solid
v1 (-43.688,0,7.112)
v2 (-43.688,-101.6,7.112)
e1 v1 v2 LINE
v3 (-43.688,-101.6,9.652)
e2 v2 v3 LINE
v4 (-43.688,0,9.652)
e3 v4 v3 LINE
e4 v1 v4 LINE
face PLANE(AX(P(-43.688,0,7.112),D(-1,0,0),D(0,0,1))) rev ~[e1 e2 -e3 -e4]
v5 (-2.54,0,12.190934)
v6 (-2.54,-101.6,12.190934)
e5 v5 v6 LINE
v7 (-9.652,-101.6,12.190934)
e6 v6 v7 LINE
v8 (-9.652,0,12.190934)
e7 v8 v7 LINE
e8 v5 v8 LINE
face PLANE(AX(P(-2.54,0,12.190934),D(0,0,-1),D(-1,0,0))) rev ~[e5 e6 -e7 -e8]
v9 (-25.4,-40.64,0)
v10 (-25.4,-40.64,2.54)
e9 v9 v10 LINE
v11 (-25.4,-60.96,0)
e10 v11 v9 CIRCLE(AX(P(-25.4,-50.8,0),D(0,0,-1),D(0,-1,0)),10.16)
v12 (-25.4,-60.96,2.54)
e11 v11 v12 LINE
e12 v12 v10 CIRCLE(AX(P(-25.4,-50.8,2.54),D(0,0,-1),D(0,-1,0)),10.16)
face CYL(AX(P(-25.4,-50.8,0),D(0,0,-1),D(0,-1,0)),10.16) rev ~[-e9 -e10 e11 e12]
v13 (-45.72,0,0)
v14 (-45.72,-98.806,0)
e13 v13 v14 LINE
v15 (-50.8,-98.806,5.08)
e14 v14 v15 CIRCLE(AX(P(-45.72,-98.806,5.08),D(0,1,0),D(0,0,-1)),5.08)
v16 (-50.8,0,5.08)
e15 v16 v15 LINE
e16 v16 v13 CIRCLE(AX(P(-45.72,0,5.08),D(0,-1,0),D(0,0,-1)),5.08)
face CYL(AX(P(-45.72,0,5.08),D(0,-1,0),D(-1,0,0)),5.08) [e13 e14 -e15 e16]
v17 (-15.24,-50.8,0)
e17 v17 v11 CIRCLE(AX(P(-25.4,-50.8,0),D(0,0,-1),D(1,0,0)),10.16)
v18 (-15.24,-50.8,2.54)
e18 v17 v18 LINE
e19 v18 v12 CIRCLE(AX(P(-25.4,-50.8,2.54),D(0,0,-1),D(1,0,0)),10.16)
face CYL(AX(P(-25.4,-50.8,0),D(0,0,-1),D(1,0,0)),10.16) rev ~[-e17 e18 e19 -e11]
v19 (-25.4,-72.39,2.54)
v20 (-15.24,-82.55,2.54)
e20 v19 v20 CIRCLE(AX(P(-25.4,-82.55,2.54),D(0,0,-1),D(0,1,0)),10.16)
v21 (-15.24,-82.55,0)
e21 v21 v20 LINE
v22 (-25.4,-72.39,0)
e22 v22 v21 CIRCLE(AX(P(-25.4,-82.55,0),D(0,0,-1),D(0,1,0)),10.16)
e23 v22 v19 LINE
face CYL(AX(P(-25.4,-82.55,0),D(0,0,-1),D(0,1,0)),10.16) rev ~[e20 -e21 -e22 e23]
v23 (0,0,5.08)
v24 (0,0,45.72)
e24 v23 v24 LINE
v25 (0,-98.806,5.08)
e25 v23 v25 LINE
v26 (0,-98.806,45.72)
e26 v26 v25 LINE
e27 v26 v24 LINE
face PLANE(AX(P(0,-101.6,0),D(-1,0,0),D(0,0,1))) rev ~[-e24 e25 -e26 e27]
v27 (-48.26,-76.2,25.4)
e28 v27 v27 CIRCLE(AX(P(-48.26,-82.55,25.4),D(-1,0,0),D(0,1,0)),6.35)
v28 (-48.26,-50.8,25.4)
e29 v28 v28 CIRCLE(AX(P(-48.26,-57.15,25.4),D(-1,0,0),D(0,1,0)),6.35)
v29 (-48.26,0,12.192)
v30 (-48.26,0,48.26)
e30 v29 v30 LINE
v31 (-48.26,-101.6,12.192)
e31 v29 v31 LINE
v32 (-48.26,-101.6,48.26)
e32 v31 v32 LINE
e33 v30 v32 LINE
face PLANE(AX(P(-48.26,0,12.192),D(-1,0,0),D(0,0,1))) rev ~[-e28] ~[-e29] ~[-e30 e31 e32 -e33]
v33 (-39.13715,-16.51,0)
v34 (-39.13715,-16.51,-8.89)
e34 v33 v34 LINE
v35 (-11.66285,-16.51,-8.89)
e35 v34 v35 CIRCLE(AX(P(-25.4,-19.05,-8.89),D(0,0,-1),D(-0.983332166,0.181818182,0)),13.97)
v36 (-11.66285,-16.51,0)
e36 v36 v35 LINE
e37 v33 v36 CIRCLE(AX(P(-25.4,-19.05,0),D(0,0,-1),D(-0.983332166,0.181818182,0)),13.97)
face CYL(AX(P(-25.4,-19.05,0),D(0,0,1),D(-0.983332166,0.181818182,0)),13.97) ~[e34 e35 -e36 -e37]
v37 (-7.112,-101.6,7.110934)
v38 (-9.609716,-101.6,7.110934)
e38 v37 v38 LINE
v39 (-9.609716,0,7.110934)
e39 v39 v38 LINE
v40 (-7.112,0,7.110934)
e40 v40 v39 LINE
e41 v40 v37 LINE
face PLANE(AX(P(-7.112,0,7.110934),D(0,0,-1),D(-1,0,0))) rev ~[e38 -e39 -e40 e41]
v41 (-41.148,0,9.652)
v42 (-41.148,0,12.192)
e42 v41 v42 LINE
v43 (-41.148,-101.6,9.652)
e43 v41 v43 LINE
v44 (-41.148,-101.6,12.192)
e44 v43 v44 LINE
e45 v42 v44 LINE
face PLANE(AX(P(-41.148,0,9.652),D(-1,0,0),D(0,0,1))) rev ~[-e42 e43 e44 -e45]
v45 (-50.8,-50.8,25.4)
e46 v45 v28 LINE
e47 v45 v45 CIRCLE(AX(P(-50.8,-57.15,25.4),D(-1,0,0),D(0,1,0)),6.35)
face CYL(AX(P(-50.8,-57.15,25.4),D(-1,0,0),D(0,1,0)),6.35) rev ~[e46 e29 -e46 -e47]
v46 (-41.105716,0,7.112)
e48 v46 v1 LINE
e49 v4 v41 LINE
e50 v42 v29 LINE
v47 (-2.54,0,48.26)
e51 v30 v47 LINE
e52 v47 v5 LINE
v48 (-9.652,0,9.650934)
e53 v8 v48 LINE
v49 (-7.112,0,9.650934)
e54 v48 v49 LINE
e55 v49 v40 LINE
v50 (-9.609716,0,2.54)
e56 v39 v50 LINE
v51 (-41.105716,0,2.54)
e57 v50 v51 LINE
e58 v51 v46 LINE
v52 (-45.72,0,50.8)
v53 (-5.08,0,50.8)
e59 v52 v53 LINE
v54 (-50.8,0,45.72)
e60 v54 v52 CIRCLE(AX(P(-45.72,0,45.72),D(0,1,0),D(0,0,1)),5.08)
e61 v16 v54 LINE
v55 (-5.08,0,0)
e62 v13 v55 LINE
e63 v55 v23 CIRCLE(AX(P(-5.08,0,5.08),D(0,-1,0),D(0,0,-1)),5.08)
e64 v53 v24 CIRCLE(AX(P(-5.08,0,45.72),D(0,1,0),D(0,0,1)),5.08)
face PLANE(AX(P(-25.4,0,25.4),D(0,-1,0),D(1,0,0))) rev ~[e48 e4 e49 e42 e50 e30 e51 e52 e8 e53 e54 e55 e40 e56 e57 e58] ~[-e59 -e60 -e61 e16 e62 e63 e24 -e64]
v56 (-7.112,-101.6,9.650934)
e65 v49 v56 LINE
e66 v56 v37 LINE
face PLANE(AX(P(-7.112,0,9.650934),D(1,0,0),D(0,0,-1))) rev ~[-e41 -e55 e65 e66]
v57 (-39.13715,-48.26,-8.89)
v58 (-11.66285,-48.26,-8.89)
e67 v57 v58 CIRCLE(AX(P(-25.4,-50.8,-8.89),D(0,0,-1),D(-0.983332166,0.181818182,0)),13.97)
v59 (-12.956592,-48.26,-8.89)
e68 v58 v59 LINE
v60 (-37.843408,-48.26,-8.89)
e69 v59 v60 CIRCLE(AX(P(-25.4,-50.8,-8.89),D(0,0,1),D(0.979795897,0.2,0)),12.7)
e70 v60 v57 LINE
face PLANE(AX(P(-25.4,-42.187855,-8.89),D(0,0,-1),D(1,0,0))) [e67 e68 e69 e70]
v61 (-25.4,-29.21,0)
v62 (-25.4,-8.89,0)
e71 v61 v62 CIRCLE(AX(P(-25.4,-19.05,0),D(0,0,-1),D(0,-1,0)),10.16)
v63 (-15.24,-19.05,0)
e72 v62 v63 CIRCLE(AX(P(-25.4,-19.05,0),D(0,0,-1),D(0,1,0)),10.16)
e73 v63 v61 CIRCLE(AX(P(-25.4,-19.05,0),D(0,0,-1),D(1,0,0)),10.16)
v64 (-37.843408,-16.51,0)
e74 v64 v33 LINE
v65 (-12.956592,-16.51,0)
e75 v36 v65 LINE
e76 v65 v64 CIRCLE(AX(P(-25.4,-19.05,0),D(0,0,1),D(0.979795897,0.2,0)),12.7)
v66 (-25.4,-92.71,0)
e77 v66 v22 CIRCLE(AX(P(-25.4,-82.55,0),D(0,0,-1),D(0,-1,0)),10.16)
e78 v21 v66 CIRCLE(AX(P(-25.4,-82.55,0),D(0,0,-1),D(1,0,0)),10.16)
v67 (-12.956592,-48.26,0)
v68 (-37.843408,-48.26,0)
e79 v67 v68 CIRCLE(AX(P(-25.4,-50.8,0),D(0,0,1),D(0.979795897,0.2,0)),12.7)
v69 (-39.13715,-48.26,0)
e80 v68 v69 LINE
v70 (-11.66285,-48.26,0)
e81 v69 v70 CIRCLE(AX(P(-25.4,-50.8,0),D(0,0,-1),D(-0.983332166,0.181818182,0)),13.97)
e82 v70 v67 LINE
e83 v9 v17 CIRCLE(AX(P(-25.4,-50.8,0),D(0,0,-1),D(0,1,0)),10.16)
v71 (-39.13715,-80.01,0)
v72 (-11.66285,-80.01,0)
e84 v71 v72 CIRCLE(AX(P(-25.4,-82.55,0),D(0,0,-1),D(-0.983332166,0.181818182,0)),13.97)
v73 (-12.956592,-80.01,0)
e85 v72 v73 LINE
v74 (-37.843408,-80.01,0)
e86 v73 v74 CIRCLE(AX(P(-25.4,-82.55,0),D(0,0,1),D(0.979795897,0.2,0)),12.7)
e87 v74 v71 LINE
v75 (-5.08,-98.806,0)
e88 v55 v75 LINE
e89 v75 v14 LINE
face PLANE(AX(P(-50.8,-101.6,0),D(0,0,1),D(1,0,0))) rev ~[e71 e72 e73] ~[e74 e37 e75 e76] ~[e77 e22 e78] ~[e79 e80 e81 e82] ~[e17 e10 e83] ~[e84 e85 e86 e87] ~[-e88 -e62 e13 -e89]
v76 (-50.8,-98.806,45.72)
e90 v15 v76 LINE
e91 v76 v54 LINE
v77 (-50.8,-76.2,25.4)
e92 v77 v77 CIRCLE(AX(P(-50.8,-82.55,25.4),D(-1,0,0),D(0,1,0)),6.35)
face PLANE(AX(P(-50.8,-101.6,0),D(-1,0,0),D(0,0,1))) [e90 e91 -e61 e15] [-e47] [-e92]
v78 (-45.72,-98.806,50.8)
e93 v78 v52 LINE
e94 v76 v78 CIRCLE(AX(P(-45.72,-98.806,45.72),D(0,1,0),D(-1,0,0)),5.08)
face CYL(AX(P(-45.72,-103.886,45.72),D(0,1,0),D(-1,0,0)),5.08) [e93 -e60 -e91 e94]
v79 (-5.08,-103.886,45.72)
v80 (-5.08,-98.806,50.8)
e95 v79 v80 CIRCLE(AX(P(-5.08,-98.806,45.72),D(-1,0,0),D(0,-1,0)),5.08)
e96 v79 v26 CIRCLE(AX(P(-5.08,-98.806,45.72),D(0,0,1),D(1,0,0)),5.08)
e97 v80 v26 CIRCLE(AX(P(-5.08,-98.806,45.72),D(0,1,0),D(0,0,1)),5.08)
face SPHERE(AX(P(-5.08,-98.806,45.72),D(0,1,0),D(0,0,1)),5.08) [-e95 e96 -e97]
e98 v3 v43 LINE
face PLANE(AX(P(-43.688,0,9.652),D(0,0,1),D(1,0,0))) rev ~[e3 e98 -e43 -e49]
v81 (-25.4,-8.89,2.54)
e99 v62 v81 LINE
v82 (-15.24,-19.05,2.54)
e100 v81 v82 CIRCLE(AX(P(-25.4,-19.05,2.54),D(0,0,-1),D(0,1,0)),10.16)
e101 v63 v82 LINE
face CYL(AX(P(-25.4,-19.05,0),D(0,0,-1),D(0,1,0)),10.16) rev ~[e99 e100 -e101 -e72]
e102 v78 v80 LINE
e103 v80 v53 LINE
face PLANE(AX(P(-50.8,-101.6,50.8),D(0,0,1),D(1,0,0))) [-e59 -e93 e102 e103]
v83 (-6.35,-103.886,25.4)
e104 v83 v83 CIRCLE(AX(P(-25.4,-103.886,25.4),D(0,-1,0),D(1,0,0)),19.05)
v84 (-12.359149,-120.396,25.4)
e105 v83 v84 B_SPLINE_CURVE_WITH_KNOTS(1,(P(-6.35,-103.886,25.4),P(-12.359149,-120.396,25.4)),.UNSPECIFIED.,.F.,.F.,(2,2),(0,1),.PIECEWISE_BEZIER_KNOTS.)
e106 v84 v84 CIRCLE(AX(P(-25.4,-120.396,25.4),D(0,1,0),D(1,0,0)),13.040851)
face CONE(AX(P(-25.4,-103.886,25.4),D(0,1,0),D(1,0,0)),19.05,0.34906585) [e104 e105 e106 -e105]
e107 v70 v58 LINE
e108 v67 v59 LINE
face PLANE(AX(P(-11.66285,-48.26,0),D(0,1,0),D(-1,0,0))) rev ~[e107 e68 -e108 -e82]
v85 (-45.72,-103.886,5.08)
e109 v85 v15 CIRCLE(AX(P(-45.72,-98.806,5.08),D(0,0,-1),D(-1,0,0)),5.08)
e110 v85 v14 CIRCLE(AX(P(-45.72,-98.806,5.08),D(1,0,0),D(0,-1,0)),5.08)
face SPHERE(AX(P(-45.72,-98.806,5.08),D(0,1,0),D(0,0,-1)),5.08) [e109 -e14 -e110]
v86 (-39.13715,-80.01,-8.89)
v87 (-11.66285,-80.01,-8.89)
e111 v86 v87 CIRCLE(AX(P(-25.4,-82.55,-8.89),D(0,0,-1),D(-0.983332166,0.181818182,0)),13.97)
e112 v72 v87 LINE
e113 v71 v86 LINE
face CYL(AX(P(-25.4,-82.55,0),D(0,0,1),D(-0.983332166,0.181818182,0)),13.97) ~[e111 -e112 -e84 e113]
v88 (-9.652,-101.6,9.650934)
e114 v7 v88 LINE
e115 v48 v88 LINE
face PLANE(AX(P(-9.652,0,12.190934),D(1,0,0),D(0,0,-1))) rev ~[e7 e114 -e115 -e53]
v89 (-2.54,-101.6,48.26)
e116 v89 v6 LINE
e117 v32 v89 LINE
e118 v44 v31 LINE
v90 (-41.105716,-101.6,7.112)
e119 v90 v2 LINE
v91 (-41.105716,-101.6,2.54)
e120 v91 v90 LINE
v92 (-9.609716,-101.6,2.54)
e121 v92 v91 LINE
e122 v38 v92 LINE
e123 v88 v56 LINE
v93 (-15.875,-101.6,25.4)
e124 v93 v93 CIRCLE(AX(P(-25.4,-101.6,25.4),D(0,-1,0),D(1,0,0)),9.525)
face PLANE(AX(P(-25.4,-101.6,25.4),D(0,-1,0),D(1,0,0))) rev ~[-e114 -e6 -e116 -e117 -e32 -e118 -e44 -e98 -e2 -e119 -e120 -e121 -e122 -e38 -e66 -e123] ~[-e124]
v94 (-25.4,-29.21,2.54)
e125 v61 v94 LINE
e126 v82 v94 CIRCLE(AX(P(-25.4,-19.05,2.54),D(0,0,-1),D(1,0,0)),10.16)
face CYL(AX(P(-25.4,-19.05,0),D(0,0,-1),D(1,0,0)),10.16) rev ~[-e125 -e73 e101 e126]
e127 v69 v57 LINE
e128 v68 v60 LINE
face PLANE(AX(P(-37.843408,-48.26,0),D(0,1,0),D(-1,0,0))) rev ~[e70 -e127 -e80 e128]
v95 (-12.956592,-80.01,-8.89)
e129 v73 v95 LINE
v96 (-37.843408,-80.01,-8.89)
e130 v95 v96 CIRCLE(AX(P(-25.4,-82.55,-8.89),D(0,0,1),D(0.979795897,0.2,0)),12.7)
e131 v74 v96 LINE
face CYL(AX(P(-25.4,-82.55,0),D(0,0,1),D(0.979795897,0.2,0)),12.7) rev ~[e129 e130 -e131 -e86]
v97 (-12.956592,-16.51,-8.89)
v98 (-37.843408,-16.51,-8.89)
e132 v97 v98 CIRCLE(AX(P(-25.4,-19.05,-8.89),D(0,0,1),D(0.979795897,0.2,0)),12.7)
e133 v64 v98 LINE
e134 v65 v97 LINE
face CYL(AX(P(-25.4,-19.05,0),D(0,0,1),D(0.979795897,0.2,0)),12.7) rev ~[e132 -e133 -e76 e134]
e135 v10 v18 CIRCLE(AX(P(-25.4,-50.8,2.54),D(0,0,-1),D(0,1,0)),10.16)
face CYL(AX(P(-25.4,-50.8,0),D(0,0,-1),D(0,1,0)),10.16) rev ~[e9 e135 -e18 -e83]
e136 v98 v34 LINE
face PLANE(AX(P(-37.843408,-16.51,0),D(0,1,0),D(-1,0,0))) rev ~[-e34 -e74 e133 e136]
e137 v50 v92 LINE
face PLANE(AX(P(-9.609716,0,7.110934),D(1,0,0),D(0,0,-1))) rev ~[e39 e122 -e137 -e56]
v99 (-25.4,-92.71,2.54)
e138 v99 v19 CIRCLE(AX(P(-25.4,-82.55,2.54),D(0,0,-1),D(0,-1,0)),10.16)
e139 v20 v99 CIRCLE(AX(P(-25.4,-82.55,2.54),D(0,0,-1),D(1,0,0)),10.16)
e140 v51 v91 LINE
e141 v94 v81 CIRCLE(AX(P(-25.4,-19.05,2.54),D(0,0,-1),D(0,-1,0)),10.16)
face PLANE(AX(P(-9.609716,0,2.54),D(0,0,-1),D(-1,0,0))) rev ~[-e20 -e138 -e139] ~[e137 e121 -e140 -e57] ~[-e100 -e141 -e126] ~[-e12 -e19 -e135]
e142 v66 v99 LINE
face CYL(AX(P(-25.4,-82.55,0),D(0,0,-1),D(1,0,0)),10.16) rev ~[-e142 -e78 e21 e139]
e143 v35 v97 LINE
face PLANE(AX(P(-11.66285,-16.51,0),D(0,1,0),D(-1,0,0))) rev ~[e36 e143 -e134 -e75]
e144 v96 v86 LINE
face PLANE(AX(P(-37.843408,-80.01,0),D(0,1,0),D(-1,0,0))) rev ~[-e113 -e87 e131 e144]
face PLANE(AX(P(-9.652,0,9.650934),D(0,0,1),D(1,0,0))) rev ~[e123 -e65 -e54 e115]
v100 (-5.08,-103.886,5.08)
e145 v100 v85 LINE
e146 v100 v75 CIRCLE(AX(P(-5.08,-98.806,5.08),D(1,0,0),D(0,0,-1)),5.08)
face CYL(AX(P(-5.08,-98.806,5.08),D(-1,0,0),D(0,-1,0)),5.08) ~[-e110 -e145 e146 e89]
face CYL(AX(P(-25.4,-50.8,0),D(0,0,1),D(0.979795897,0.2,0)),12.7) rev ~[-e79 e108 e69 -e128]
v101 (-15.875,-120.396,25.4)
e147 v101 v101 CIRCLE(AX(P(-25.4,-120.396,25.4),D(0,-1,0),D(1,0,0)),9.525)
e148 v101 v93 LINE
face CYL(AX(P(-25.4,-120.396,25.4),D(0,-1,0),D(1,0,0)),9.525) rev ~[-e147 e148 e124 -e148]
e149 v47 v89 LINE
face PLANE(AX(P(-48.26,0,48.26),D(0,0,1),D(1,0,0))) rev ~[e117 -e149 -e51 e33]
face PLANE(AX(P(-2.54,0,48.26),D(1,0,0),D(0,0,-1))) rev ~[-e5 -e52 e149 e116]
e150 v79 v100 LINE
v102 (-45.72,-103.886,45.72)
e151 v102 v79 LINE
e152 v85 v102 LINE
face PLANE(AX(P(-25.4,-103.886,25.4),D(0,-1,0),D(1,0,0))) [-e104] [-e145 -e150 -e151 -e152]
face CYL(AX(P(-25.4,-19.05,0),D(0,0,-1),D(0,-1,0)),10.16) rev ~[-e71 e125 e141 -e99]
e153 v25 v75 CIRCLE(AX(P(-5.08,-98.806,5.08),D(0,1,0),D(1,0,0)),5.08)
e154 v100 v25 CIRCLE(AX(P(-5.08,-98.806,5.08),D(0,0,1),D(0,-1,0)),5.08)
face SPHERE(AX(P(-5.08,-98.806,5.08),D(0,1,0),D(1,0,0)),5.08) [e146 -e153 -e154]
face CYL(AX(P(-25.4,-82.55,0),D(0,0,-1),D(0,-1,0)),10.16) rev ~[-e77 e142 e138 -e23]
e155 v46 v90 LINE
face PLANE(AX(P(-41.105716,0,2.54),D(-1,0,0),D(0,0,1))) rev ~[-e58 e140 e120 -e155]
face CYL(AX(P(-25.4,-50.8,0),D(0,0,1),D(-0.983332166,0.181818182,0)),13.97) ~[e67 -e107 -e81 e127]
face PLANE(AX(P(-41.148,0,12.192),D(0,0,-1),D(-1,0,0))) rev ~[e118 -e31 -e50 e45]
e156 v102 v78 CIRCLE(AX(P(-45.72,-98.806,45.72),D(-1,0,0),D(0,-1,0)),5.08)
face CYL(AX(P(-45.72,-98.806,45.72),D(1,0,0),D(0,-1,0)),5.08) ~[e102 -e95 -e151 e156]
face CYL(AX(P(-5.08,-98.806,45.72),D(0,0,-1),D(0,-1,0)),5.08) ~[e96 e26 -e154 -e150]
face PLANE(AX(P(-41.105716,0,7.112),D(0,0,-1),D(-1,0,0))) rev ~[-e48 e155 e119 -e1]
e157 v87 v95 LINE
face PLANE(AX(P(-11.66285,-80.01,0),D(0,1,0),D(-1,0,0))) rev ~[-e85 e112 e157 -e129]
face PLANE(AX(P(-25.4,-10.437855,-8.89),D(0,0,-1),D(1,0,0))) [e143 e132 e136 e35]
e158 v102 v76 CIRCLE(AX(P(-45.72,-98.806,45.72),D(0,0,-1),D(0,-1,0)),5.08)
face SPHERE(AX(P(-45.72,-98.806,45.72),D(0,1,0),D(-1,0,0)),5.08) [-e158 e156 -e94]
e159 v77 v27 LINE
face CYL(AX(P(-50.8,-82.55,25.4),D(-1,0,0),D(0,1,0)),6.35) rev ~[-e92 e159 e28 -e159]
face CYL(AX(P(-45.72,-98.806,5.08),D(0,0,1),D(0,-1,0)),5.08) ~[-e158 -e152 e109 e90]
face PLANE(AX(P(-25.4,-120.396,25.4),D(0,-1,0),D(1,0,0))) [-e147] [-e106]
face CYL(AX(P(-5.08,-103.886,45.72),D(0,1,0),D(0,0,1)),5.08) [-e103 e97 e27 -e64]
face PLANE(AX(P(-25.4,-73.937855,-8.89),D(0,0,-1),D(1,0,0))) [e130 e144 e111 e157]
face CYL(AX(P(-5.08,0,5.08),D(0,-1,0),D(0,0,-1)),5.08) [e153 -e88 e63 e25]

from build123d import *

# Parameters (mm, degrees)
F0_W      = 50.8
F0_H      = 50.8
F1_DEPTH  = 101.6
F3_DEPTH  = 12.7
F5_DEPTH  = 25.4
F7_DEPTH  = 8.89
F8_W      = 50.8
F8_H      = 50.8
F9_DEPTH  = 2.286
F10_R     = 19.05
F11_DEPTH = 16.51
F11_TAPER = 20
F12_R     = 9.525
F13_DEPTH = 25.4
F14_R     = 5.08
F15_R     = 5.08


with BuildPart() as f1:
    # F0 (on Front) → F1 (new body)
    with BuildSketch(Plane.XZ):
        with Locations((-25.4, 25.4)):
            Rectangle(F0_W, F0_H)
        Polygon((-48.26, 12.192), (-48.26, 48.26), (-2.54, 48.26), (-2.54, 12.1909337732), (-9.652, 12.1909337732), (-9.652, 9.6509337732), (-7.112, 9.6509337732), (-7.112, 7.1109337732), (-9.6097155579, 7.1109337732), (-9.6097155579, 2.54), (-41.1057155579, 2.54), (-41.1057155579, 7.112), (-43.688, 7.112), (-43.688, 9.652), (-41.148, 9.652), (-41.148, 12.192), align=None, mode=Mode.SUBTRACT)
    extrude(amount=F1_DEPTH)

    # F2 (on face) → F3 (cut)
    with BuildSketch(Plane(origin=(-50.8, 0, 0), x_dir=(0, -1, 0), z_dir=(-1, 0, 0))):
        with BuildLine():
            ThreePointArc((63.5, 25.4), (57.15, 31.75), (50.8, 25.4))
            Line((50.8, 25.4), (63.5, 25.4))
        make_face()
        with BuildLine():
            ThreePointArc((88.9, 25.4), (82.55, 31.75), (76.2, 25.4))
            Line((76.2, 25.4), (88.9, 25.4))
        make_face()
        with BuildLine():
            Line((88.9, 25.4), (76.2, 25.4))
            ThreePointArc((76.2, 25.4), (82.55, 19.05), (88.9, 25.4))
        make_face()
        with BuildLine():
            Line((63.5, 25.4), (50.8, 25.4))
            ThreePointArc((50.8, 25.4), (57.15, 19.05), (63.5, 25.4))
        make_face()
    extrude(amount=-F3_DEPTH, mode=Mode.SUBTRACT)

    # F4 (on face) → F5 (cut)
    with BuildSketch(Plane(origin=(0, 0, 0), x_dir=(1, 0, 0), z_dir=(0, 0, -1))):
        with BuildLine():
            ThreePointArc((-25.4, 29.21), (-35.56, 19.05), (-25.4, 8.89))
            Line((-25.4, 8.89), (-25.4, 29.21))
        make_face()
        with BuildLine():
            ThreePointArc((-25.4, 92.71), (-35.56, 82.55), (-25.4, 72.39))
            Line((-25.4, 72.39), (-25.4, 92.71))
        make_face()
        with BuildLine():
            Line((-25.4, 92.71), (-25.4, 72.39))
            ThreePointArc((-25.4, 72.39), (-18.2157951031, 75.3657951031), (-15.24, 82.55))
            ThreePointArc((-15.24, 82.55), (-18.2157951031, 89.7342048969), (-25.4, 92.71))
        make_face()
        with BuildLine():
            ThreePointArc((-25.4, 60.96), (-35.56, 50.8), (-25.4, 40.64))
            Line((-25.4, 40.64), (-25.4, 60.96))
        make_face()
        with BuildLine():
            Line((-25.4, 60.96), (-25.4, 40.64))
            ThreePointArc((-25.4, 40.64), (-18.2157951031, 43.6157951031), (-15.24, 50.8))
            ThreePointArc((-15.24, 50.8), (-18.2157951031, 57.9842048969), (-25.4, 60.96))
        make_face()
        with BuildLine():
            Line((-25.4, 29.21), (-25.4, 8.89))
            ThreePointArc((-25.4, 8.89), (-18.2157951031, 11.8657951031), (-15.24, 19.05))
            ThreePointArc((-15.24, 19.05), (-18.2157951031, 26.2342048969), (-25.4, 29.21))
        make_face()
    extrude(amount=-F5_DEPTH, mode=Mode.SUBTRACT)

    # F6 (on face) → F7 (join)
    with BuildSketch(Plane(origin=(0, 0, 0), x_dir=(1, 0, 0), z_dir=(0, 0, -1))):
        with BuildLine():
            ThreePointArc((-12.9565921067, 16.51), (-25.4, 6.35), (-37.8434078933, 16.51))
            Line((-37.8434078933, 16.51), (-39.1371503595, 16.51))
            ThreePointArc((-39.1371503595, 16.51), (-25.4, 5.08), (-11.6628496405, 16.51))
            Line((-11.6628496405, 16.51), (-12.9565921067, 16.51))
        make_face()
        with BuildLine():
            ThreePointArc((-12.9565921067, 48.26), (-25.4, 38.1), (-37.8434078933, 48.26))
            Line((-37.8434078933, 48.26), (-39.1371503595, 48.26))
            ThreePointArc((-39.1371503595, 48.26), (-25.4, 36.83), (-11.6628496405, 48.26))
            Line((-11.6628496405, 48.26), (-12.9565921067, 48.26))
        make_face()
        with BuildLine():
            ThreePointArc((-12.9565921067, 80.01), (-25.4, 69.85), (-37.8434078933, 80.01))
            Line((-37.8434078933, 80.01), (-39.1371503595, 80.01))
            ThreePointArc((-39.1371503595, 80.01), (-25.4, 68.58), (-11.6628496405, 80.01))
            Line((-11.6628496405, 80.01), (-12.9565921067, 80.01))
        make_face()
    extrude(amount=F7_DEPTH)

    # F8 (on face) → F9 (join)
    with BuildSketch(Plane.XZ.offset(101.6)):
        with Locations((-25.4, 25.4)):
            Rectangle(F8_W, F8_H)
    extrude(amount=F9_DEPTH)

    # F10 (on face) → F11 (join)
    with BuildSketch(Plane.XZ.offset(103.886)):
        with Locations((-25.4, 25.4)):
            Circle(F10_R)
    extrude(amount=F11_DEPTH, taper=F11_TAPER)

    # F12 (on face) → F13 (cut)
    with BuildSketch(Plane.XZ.offset(120.396)):
        with Locations((-25.4, 25.4)):
            Circle(F12_R)
    extrude(amount=-F13_DEPTH, mode=Mode.SUBTRACT)

    # F14
    f14_edges = [f1.edges().sort_by_distance(p)[0] for p in [
        (0, -51.943, 0),
        (-50.8, -51.943, 0),
        (-50.8, -51.943, 50.8),
        (0, -51.943, 50.8),
    ]]
    fillet(f14_edges, radius=F14_R)

    # F15
    f15_edges = [f1.edges().sort_by_distance(p)[0] for p in [
        (-25.4, -103.886, 50.8),
    ]]
    fillet(f15_edges, radius=F15_R)


solid = f1.part
